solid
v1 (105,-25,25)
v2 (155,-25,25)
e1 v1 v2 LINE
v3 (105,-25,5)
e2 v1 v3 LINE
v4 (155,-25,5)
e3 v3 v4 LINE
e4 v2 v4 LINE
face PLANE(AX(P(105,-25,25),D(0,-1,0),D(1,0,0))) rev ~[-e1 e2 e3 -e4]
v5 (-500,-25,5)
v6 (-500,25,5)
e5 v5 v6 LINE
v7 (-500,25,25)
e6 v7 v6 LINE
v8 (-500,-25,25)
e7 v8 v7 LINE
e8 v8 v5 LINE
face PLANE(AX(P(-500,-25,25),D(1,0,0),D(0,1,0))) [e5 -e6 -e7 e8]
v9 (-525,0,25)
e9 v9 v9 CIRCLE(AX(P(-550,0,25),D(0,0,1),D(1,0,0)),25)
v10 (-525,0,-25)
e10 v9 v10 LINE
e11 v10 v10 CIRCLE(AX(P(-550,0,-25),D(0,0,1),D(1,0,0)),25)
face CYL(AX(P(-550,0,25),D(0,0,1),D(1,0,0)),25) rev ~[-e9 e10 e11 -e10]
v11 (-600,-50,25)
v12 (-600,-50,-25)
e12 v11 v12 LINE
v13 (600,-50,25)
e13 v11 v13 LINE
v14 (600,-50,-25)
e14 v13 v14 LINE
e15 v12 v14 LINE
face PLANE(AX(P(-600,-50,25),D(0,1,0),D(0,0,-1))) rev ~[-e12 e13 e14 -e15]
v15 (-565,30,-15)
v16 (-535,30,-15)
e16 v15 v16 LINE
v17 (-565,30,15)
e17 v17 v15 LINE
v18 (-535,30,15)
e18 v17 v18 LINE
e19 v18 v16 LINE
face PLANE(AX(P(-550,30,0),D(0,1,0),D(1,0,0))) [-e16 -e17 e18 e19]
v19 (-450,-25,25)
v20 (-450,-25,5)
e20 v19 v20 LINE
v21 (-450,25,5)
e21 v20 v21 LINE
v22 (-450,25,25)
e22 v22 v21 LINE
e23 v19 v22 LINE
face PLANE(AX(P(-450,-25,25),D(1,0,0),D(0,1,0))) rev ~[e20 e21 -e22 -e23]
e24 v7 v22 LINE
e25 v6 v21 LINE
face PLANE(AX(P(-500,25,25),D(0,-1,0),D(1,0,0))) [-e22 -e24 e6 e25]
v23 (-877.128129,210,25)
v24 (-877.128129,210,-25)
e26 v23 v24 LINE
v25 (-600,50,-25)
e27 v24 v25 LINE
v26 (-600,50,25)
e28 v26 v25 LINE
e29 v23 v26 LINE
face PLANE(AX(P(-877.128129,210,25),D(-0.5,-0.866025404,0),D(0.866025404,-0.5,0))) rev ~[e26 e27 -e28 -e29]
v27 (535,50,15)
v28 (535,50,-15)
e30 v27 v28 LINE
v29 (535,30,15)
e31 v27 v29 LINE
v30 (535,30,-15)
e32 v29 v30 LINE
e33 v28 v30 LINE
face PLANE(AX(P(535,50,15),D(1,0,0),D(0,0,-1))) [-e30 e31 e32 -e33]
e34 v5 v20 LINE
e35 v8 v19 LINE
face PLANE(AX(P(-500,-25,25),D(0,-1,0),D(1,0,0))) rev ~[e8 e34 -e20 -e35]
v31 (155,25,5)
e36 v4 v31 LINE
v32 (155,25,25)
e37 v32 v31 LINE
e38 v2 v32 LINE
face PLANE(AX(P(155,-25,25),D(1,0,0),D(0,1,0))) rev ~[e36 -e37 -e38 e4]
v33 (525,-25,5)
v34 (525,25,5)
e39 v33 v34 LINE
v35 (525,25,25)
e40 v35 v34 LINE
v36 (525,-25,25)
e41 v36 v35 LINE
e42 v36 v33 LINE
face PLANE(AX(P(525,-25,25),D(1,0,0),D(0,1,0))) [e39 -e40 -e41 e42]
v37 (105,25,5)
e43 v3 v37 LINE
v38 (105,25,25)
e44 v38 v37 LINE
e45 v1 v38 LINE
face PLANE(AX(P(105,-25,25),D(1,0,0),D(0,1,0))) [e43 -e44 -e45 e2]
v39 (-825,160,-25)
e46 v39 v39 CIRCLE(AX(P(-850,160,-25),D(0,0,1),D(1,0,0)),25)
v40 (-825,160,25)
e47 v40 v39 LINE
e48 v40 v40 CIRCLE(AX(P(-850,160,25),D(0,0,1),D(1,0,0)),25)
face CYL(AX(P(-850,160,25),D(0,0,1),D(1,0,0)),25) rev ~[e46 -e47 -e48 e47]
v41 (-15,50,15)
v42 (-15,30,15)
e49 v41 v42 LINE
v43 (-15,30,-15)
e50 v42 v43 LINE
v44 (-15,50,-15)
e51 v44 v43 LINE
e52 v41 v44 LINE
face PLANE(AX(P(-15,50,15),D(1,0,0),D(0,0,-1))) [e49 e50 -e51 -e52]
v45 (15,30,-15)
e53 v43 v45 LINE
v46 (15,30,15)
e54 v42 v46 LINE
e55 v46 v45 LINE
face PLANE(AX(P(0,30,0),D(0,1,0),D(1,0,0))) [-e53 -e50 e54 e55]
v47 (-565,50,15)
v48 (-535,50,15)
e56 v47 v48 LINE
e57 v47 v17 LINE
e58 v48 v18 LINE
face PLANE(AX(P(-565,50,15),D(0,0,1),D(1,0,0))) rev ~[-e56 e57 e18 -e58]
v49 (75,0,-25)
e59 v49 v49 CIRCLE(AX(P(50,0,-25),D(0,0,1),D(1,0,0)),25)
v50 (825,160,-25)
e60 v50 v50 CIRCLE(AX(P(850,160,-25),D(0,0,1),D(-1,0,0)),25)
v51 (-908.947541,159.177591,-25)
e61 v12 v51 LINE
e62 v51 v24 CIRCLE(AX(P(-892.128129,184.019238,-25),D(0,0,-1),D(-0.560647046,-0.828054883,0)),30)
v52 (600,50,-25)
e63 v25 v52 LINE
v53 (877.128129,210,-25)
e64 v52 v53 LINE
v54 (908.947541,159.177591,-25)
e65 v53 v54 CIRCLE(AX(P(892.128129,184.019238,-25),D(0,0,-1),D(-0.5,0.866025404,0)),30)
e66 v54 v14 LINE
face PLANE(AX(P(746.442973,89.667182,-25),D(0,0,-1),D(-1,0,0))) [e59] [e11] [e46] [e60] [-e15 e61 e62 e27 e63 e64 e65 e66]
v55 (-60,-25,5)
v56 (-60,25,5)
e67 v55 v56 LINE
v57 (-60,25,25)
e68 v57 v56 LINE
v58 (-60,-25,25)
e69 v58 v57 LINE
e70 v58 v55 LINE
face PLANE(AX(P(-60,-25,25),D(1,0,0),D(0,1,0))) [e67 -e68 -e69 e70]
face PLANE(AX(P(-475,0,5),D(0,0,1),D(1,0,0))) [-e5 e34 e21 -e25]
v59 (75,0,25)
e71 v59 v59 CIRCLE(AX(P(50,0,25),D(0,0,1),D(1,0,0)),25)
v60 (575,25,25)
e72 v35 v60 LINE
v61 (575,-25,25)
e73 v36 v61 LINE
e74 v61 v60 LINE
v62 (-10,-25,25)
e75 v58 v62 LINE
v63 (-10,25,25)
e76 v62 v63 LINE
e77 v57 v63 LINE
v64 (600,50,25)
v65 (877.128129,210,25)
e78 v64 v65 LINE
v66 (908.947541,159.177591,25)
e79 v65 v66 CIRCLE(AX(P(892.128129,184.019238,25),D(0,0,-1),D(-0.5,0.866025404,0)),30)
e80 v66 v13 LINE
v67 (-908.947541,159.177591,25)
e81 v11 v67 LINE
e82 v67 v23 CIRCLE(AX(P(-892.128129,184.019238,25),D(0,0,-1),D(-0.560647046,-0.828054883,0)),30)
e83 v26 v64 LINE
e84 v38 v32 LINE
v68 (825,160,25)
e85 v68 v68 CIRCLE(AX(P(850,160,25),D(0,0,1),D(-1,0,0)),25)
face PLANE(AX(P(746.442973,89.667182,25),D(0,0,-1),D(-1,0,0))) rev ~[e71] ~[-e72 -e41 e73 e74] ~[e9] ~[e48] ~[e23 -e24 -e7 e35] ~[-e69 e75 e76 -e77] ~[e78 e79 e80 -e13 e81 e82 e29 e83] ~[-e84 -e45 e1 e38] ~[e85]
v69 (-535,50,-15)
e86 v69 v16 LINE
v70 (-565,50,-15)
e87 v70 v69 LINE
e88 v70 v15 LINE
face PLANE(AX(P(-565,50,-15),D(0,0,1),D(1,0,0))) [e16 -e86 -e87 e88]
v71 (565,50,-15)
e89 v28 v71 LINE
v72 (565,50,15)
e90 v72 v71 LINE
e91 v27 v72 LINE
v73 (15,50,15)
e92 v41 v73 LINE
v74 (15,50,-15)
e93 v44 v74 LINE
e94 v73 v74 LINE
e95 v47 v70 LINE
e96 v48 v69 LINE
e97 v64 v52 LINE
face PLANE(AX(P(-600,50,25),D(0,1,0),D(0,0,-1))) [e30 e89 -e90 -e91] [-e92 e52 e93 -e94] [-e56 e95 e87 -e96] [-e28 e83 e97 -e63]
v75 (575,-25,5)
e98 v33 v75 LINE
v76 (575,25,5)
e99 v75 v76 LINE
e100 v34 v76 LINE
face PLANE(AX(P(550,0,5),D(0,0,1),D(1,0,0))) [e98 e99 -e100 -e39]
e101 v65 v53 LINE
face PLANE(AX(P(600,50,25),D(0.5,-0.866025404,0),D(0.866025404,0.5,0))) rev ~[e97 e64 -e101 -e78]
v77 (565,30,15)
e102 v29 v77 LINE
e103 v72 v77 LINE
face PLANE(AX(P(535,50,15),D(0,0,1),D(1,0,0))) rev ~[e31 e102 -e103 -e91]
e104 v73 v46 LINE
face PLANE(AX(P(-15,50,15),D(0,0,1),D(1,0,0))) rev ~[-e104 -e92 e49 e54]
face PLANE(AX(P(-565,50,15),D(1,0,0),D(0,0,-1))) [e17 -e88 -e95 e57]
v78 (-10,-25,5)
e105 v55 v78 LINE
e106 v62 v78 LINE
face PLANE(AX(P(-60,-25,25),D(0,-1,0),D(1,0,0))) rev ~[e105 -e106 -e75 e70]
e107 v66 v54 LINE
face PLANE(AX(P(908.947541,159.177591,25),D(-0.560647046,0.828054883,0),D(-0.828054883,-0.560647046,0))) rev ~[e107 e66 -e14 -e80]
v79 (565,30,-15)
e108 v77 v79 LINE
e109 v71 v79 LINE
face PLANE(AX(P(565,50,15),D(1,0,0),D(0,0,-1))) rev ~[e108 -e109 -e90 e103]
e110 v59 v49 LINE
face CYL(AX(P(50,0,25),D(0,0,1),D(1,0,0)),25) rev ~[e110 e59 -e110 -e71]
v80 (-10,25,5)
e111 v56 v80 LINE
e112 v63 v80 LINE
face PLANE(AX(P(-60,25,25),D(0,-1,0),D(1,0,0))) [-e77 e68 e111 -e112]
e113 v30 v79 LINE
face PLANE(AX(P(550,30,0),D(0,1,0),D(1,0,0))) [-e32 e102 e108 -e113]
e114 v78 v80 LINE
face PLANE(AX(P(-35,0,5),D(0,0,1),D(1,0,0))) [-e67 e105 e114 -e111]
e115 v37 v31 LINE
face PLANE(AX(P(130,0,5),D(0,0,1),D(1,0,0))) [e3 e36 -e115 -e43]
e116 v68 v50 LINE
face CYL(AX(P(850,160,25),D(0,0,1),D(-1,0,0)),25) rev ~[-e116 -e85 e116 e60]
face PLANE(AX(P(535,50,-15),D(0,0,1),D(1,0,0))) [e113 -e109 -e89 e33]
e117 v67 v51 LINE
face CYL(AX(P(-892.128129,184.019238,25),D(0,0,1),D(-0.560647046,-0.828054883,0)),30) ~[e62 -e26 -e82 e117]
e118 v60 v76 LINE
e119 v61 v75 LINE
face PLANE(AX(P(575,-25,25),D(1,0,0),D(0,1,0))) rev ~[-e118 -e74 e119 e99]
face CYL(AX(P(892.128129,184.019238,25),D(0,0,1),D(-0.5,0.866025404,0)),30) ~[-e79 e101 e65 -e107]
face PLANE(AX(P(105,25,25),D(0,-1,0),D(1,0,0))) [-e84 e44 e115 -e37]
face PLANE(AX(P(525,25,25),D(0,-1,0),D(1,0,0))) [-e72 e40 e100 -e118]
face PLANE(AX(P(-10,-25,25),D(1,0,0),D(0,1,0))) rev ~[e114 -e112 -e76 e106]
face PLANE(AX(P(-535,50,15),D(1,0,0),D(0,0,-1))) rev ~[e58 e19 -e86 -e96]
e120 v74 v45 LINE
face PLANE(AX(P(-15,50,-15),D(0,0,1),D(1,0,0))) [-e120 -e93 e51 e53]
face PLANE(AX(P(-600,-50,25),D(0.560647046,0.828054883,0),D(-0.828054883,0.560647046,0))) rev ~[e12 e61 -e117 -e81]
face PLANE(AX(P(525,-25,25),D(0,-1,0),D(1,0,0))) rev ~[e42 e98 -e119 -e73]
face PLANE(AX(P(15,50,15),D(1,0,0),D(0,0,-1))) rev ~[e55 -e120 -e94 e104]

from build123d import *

# Parameters (mm, degrees)
BOSS_EXTRUDE1_DEPTH      = 600
BOSS_EXTRUDE1_DEPTH_BACK = 600
SKETCH1_W                = 50
SKETCH1_H                = 100
BOSS_EXTRUDE2_DEPTH      = 50
SKETCH3_R                = 25
CUT_EXTRUDE1_DEPTH       = 50
SKETCH4_R                = 25
CUT_EXTRUDE2_DEPTH       = 948.9580797
SKETCH5_W                = 50
SKETCH5_H                = 50
CUT_EXTRUDE3_DEPTH       = 20
SKETCH6_W                = 30
SKETCH6_H                = 30
CUT_EXTRUDE4_DEPTH       = 20


with BuildPart() as part:
    # Sketch1 → Boss-Extrude1 (new, two sides: drawn at the far end of the back side and taken through both)
    with BuildSketch(Plane(origin=(0, 0, 0), x_dir=(0, 0, -1), z_dir=(1, 0, 0)).offset(-BOSS_EXTRUDE1_DEPTH_BACK)):
        Rectangle(SKETCH1_W, SKETCH1_H)
    extrude(amount=BOSS_EXTRUDE1_DEPTH + BOSS_EXTRUDE1_DEPTH_BACK)

    # Sketch2 → Boss-Extrude2 (add)
    with BuildSketch(Plane.XY.offset(25)):
        with BuildLine():
            Line((600, 50), (877.128129211, 210))
            ThreePointArc((877.128129211, 210), (917.555611759, 199.939135225), (908.947540593, 159.177591388))
            Line((908.947540593, 159.177591388), (600, -50))
            Line((600, -50), (600, 50))
        make_face()
        with BuildLine():
            Line((-600, 50), (-600, -50))
            Line((-600, -50), (-908.947540593, 159.177591388))
            ThreePointArc((-908.947540593, 159.177591388), (-917.555611759, 199.939135225), (-877.128129211, 210))
            Line((-877.128129211, 210), (-600, 50))
        make_face()
    extrude(amount=-BOSS_EXTRUDE2_DEPTH)

    # Sketch3 → Cut-Extrude1 (cut)
    with BuildSketch(Plane.XY.offset(25)):
        with Locations((-850, 160)):
            Circle(SKETCH3_R)
        with Locations((850, 160)):
            Circle(SKETCH3_R)
    extrude(amount=-CUT_EXTRUDE1_DEPTH, mode=Mode.SUBTRACT)

    # Sketch4 → Cut-Extrude2 (cut, through all)
    with BuildSketch(Plane.XY.offset(25)):
        with Locations((50, 0)):
            Circle(SKETCH4_R)
        with Locations((-550, 0)):
            Circle(SKETCH4_R)
    extrude(amount=-CUT_EXTRUDE2_DEPTH, mode=Mode.SUBTRACT)

    # Sketch5 → Cut-Extrude3 (cut)
    with BuildSketch(Plane.XY.offset(25)):
        with Locations((-35, 0)):
            Rectangle(SKETCH5_W, SKETCH5_H)
        with Locations((-475, 0)):
            Rectangle(SKETCH5_W, SKETCH5_H)
        with Locations((130, 0)):
            Rectangle(SKETCH5_W, SKETCH5_H)
        with Locations((550, 0)):
            Rectangle(SKETCH5_W, SKETCH5_H)
    extrude(amount=-CUT_EXTRUDE3_DEPTH, mode=Mode.SUBTRACT)

    # Sketch6 → Cut-Extrude4 (cut)
    with BuildSketch(Plane(origin=(0, 50, 0), x_dir=(1, 0, 0), z_dir=(0, 1, 0))):
        with Locations((550, 0)):
            Rectangle(SKETCH6_W, SKETCH6_H)
        with Locations((-550, 0)):
            Rectangle(SKETCH6_W, SKETCH6_H)
        Rectangle(SKETCH6_W, SKETCH6_H)
    extrude(amount=-CUT_EXTRUDE4_DEPTH, mode=Mode.SUBTRACT)


solid = part.part
